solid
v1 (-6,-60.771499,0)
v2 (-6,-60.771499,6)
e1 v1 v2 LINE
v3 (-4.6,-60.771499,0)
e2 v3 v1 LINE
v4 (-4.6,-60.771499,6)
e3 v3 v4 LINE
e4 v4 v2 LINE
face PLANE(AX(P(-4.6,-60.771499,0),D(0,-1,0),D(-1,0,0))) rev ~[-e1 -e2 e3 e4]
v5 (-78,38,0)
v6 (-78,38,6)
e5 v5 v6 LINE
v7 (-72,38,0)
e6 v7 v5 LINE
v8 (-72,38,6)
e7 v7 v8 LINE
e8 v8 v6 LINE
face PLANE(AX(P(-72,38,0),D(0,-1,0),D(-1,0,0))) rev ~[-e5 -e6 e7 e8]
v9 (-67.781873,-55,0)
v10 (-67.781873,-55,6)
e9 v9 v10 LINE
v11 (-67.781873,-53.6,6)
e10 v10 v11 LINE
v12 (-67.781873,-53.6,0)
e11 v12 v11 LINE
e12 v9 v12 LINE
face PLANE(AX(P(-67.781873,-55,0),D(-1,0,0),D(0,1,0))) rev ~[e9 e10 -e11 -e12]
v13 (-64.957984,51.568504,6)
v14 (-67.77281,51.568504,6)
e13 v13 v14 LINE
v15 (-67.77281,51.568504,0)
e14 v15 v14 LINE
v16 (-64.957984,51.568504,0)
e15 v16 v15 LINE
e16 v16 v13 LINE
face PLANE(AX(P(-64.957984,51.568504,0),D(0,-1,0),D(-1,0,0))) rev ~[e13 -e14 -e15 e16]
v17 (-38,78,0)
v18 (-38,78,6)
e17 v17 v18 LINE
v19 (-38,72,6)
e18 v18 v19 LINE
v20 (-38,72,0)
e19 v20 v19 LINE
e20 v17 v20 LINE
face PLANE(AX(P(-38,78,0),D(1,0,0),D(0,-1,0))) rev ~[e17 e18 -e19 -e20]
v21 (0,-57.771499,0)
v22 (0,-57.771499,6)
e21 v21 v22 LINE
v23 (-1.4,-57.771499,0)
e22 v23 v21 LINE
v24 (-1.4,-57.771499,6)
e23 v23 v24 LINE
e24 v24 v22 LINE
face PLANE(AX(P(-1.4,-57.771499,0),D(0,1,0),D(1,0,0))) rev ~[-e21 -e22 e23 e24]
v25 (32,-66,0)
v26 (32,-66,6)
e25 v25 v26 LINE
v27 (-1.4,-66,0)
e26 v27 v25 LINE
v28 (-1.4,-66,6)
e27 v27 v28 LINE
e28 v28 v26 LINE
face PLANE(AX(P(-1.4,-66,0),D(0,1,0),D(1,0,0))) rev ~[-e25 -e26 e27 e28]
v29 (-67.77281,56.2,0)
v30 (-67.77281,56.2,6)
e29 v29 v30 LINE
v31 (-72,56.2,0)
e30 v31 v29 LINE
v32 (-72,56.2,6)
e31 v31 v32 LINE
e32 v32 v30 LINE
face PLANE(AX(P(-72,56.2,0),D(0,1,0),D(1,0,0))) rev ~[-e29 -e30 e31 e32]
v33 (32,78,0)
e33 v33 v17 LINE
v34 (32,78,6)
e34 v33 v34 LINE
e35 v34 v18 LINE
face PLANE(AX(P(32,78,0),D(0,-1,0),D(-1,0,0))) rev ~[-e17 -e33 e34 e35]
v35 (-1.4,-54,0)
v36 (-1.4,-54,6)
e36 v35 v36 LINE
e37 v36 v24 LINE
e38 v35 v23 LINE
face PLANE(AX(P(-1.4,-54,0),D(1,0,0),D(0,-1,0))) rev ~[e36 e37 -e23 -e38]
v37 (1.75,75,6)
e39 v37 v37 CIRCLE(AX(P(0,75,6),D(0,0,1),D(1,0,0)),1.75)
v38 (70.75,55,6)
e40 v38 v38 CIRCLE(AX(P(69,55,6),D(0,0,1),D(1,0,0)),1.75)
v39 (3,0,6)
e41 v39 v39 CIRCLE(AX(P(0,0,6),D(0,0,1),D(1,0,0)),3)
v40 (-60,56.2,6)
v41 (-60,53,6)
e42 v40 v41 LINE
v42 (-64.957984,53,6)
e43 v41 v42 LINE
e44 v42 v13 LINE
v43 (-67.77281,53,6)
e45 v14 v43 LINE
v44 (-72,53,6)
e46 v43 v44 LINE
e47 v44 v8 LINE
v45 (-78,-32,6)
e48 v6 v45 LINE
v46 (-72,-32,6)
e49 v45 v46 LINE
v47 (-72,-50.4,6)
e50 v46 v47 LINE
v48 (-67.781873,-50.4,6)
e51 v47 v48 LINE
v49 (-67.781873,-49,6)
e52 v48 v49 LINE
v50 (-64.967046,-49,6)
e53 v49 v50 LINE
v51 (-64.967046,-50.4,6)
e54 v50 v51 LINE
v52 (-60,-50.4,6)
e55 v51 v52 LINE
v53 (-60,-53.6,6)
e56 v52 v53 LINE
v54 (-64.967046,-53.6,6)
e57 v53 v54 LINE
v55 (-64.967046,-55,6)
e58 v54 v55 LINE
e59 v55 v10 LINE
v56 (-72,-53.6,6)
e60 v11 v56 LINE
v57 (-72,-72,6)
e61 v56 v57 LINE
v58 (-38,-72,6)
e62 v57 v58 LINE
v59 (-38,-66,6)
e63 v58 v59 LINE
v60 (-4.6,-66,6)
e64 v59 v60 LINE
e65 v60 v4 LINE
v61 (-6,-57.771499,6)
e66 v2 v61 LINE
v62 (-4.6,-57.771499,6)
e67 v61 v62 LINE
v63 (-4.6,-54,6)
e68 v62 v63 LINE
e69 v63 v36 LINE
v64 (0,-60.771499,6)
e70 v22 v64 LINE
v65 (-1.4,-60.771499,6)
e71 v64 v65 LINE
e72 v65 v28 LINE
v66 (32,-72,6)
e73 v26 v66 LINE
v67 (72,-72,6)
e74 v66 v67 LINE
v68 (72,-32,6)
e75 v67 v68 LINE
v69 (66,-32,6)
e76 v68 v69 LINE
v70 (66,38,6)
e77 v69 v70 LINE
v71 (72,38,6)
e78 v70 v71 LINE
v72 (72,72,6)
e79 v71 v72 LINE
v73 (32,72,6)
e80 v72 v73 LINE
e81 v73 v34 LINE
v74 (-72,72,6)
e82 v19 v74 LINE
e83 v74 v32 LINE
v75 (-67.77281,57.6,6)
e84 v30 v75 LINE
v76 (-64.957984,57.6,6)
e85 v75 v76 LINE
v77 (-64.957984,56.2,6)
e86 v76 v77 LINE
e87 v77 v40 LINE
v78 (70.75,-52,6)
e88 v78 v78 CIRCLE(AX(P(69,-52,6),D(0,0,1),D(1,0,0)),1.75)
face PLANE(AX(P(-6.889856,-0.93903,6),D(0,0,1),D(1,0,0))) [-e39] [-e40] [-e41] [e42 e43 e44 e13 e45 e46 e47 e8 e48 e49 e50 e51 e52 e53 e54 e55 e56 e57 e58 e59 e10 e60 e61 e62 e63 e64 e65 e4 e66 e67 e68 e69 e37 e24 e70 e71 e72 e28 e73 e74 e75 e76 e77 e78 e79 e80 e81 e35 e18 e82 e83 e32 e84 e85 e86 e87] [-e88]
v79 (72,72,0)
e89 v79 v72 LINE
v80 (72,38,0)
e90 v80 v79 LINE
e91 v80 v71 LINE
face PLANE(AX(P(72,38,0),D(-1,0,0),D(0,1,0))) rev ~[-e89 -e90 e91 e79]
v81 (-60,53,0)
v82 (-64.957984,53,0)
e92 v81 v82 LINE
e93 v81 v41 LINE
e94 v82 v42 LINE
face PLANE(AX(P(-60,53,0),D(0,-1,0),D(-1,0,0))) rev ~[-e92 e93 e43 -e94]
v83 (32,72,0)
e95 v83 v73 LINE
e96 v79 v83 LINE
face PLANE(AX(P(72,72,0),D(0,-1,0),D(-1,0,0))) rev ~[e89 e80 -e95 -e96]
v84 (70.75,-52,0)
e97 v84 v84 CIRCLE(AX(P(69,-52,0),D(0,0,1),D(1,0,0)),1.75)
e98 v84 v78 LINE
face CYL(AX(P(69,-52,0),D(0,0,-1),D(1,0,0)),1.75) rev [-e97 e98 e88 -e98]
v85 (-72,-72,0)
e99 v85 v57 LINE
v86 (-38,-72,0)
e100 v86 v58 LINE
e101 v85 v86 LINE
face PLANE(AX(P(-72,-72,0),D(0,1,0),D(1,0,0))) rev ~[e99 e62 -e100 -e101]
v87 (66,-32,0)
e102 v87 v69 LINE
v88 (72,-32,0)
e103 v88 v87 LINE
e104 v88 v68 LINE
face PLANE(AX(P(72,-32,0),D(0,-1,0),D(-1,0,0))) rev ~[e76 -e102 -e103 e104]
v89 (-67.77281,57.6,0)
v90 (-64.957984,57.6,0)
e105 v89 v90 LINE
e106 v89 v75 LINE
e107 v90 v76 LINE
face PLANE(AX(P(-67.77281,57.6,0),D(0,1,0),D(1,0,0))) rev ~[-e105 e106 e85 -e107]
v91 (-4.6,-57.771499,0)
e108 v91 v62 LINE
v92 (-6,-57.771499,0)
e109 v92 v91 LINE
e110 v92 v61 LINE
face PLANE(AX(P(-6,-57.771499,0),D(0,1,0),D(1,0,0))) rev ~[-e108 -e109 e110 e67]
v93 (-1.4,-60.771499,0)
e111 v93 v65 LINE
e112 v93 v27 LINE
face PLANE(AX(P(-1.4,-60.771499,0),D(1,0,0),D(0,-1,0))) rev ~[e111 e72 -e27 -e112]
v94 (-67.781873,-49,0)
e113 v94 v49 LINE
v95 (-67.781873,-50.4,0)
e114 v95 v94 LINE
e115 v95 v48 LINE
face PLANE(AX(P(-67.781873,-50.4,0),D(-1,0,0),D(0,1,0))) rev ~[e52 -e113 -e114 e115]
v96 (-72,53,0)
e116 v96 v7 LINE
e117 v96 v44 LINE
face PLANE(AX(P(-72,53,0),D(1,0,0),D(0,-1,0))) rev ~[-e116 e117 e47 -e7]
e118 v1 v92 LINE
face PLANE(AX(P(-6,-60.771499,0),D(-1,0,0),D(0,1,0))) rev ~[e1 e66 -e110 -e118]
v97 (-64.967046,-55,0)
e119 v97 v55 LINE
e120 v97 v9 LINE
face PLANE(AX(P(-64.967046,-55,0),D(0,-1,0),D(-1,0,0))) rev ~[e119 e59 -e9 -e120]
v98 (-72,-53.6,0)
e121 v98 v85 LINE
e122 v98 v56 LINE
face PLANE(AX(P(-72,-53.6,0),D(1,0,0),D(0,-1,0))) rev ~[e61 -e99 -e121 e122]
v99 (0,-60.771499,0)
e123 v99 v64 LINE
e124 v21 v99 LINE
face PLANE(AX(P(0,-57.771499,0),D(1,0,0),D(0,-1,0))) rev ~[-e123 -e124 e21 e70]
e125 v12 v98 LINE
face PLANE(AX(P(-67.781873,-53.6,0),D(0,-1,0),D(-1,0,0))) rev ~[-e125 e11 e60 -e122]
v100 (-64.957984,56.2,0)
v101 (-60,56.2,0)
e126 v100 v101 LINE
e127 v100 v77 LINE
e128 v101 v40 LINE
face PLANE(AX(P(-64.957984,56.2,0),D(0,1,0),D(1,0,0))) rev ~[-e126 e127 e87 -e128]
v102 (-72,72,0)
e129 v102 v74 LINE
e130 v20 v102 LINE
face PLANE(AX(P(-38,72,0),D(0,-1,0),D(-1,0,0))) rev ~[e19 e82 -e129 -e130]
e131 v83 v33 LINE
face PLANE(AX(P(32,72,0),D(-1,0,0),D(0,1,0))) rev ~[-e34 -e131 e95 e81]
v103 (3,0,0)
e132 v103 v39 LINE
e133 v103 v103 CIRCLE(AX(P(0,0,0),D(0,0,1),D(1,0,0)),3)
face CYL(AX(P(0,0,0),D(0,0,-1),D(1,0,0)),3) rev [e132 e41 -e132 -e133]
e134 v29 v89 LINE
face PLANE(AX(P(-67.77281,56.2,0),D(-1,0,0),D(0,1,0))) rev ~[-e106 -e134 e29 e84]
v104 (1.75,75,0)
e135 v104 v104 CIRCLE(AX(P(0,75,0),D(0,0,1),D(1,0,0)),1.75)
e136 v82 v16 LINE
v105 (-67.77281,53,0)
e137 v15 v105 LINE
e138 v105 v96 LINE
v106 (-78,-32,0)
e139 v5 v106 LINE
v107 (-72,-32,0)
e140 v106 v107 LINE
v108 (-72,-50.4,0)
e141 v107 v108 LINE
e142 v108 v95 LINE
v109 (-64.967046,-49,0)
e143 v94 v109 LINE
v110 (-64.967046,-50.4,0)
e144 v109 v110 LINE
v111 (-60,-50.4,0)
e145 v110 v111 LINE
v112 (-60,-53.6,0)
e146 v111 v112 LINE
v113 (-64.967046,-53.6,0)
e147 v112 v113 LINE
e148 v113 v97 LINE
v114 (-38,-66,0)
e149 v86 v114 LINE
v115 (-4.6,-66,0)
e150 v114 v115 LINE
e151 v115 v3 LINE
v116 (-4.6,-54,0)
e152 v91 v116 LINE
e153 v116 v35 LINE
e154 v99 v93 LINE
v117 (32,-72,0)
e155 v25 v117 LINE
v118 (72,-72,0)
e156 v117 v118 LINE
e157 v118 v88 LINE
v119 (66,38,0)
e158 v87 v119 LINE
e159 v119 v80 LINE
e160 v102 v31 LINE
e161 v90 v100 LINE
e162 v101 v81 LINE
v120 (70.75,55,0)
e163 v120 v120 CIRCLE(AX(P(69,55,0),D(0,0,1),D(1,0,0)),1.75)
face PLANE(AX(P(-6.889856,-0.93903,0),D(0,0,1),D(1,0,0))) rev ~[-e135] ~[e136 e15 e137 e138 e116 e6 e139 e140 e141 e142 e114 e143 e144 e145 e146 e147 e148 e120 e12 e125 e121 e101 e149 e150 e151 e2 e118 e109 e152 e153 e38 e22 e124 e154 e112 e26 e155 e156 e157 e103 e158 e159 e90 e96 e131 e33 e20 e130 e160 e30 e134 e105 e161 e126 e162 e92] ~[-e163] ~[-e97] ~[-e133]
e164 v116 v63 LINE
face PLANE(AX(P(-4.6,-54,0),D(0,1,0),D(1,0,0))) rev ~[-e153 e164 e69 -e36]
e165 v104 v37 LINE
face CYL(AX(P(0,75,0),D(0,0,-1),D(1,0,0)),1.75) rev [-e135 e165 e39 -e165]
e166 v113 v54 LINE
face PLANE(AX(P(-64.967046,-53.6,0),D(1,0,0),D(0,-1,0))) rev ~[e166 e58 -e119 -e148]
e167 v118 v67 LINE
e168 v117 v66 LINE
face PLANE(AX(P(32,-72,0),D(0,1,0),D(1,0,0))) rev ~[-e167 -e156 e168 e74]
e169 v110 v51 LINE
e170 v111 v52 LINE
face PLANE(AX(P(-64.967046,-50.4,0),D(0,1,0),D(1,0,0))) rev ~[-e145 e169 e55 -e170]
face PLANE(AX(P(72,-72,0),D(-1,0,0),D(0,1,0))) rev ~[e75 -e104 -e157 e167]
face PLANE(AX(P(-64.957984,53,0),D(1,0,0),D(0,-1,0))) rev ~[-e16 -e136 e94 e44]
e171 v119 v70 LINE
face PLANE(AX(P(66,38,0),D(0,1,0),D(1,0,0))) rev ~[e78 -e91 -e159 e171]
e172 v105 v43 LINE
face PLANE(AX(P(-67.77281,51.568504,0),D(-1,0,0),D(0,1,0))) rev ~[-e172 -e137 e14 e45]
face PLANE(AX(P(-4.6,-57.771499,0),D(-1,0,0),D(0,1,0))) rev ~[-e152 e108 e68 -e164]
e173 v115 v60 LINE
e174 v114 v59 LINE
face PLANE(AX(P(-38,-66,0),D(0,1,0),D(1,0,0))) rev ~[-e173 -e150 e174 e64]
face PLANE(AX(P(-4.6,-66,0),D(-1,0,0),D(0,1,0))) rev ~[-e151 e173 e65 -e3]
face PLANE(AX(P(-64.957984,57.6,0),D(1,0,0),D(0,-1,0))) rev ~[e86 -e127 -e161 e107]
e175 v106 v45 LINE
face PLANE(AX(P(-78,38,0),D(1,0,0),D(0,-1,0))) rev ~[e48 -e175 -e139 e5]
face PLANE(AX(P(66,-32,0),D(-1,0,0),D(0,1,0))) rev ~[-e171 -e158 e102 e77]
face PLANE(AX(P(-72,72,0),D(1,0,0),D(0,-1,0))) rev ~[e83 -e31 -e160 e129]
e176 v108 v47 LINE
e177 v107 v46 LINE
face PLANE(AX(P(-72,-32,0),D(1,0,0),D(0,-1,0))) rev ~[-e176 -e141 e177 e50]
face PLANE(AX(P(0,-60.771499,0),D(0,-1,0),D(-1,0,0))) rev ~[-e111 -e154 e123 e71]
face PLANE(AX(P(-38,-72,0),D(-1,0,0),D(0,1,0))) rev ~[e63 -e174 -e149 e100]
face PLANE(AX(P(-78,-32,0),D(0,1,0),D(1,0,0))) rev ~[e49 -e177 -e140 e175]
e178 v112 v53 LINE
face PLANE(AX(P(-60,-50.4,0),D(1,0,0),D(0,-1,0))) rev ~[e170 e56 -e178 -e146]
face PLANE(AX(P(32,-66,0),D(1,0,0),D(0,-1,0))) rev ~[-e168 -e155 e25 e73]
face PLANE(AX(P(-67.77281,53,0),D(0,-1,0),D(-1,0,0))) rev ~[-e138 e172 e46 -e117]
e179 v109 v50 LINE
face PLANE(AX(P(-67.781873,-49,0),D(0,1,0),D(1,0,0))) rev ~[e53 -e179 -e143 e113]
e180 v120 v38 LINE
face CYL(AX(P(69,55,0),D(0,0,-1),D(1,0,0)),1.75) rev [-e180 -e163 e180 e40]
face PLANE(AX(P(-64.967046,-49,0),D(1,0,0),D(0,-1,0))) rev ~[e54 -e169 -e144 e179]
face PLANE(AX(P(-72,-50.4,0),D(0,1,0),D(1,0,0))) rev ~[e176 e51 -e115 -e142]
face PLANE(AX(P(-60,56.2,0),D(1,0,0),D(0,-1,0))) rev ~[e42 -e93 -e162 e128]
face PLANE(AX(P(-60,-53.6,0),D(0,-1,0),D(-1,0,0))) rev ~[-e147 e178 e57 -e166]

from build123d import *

# Parameters (mm, degrees)
SKETCH1_R           = 1.75
SKETCH1_R_2         = 3
BOSS_EXTRUDE2_DEPTH = 6


with BuildPart() as part:
    # Sketch1 → Boss-Extrude2 (new body)
    with BuildSketch(Plane.XY):
        Polygon((72, 72), (32, 72), (32, 78), (-38, 78), (-38, 72), (-72, 72), (-72, 56.2), (-67.772810154, 56.2), (-67.772810154, 57.6), (-64.957983727, 57.6), (-64.957983727, 56.2), (-60, 56.2), (-60, 53), (-64.957983727, 53), (-64.957983727, 51.568504207), (-67.772810154, 51.568504207), (-67.772810154, 53), (-72, 53), (-72, 38), (-78, 38), (-78, -32), (-72, -32), (-72, -50.4), (-67.78187279, -50.4), (-67.78187279, -49), (-64.967046362, -49), (-64.967046362, -50.4), (-60, -50.4), (-60, -53.6), (-64.967046362, -53.6), (-64.967046362, -55), (-67.78187279, -55), (-67.78187279, -53.6), (-72, -53.6), (-72, -72), (-38, -72), (-38, -66), (-4.6, -66), (-4.6, -60.77149924), (-6, -60.77149924), (-6, -57.77149924), (-4.6, -57.77149924), (-4.6, -54), (-1.4, -54), (-1.4, -57.77149924), (0, -57.77149924), (0, -60.77149924), (-1.4, -60.77149924), (-1.4, -66), (32, -66), (32, -72), (72, -72), (72, -32), (66, -32), (66, 38), (72, 38), align=None)
        with Locations((69, -52)):
            Circle(SKETCH1_R, mode=Mode.SUBTRACT)
        Circle(SKETCH1_R_2, mode=Mode.SUBTRACT)
        with Locations((69, 55)):
            Circle(SKETCH1_R, mode=Mode.SUBTRACT)
        with Locations((0, 75)):
            Circle(SKETCH1_R, mode=Mode.SUBTRACT)
    extrude(amount=BOSS_EXTRUDE2_DEPTH)


solid = part.part
